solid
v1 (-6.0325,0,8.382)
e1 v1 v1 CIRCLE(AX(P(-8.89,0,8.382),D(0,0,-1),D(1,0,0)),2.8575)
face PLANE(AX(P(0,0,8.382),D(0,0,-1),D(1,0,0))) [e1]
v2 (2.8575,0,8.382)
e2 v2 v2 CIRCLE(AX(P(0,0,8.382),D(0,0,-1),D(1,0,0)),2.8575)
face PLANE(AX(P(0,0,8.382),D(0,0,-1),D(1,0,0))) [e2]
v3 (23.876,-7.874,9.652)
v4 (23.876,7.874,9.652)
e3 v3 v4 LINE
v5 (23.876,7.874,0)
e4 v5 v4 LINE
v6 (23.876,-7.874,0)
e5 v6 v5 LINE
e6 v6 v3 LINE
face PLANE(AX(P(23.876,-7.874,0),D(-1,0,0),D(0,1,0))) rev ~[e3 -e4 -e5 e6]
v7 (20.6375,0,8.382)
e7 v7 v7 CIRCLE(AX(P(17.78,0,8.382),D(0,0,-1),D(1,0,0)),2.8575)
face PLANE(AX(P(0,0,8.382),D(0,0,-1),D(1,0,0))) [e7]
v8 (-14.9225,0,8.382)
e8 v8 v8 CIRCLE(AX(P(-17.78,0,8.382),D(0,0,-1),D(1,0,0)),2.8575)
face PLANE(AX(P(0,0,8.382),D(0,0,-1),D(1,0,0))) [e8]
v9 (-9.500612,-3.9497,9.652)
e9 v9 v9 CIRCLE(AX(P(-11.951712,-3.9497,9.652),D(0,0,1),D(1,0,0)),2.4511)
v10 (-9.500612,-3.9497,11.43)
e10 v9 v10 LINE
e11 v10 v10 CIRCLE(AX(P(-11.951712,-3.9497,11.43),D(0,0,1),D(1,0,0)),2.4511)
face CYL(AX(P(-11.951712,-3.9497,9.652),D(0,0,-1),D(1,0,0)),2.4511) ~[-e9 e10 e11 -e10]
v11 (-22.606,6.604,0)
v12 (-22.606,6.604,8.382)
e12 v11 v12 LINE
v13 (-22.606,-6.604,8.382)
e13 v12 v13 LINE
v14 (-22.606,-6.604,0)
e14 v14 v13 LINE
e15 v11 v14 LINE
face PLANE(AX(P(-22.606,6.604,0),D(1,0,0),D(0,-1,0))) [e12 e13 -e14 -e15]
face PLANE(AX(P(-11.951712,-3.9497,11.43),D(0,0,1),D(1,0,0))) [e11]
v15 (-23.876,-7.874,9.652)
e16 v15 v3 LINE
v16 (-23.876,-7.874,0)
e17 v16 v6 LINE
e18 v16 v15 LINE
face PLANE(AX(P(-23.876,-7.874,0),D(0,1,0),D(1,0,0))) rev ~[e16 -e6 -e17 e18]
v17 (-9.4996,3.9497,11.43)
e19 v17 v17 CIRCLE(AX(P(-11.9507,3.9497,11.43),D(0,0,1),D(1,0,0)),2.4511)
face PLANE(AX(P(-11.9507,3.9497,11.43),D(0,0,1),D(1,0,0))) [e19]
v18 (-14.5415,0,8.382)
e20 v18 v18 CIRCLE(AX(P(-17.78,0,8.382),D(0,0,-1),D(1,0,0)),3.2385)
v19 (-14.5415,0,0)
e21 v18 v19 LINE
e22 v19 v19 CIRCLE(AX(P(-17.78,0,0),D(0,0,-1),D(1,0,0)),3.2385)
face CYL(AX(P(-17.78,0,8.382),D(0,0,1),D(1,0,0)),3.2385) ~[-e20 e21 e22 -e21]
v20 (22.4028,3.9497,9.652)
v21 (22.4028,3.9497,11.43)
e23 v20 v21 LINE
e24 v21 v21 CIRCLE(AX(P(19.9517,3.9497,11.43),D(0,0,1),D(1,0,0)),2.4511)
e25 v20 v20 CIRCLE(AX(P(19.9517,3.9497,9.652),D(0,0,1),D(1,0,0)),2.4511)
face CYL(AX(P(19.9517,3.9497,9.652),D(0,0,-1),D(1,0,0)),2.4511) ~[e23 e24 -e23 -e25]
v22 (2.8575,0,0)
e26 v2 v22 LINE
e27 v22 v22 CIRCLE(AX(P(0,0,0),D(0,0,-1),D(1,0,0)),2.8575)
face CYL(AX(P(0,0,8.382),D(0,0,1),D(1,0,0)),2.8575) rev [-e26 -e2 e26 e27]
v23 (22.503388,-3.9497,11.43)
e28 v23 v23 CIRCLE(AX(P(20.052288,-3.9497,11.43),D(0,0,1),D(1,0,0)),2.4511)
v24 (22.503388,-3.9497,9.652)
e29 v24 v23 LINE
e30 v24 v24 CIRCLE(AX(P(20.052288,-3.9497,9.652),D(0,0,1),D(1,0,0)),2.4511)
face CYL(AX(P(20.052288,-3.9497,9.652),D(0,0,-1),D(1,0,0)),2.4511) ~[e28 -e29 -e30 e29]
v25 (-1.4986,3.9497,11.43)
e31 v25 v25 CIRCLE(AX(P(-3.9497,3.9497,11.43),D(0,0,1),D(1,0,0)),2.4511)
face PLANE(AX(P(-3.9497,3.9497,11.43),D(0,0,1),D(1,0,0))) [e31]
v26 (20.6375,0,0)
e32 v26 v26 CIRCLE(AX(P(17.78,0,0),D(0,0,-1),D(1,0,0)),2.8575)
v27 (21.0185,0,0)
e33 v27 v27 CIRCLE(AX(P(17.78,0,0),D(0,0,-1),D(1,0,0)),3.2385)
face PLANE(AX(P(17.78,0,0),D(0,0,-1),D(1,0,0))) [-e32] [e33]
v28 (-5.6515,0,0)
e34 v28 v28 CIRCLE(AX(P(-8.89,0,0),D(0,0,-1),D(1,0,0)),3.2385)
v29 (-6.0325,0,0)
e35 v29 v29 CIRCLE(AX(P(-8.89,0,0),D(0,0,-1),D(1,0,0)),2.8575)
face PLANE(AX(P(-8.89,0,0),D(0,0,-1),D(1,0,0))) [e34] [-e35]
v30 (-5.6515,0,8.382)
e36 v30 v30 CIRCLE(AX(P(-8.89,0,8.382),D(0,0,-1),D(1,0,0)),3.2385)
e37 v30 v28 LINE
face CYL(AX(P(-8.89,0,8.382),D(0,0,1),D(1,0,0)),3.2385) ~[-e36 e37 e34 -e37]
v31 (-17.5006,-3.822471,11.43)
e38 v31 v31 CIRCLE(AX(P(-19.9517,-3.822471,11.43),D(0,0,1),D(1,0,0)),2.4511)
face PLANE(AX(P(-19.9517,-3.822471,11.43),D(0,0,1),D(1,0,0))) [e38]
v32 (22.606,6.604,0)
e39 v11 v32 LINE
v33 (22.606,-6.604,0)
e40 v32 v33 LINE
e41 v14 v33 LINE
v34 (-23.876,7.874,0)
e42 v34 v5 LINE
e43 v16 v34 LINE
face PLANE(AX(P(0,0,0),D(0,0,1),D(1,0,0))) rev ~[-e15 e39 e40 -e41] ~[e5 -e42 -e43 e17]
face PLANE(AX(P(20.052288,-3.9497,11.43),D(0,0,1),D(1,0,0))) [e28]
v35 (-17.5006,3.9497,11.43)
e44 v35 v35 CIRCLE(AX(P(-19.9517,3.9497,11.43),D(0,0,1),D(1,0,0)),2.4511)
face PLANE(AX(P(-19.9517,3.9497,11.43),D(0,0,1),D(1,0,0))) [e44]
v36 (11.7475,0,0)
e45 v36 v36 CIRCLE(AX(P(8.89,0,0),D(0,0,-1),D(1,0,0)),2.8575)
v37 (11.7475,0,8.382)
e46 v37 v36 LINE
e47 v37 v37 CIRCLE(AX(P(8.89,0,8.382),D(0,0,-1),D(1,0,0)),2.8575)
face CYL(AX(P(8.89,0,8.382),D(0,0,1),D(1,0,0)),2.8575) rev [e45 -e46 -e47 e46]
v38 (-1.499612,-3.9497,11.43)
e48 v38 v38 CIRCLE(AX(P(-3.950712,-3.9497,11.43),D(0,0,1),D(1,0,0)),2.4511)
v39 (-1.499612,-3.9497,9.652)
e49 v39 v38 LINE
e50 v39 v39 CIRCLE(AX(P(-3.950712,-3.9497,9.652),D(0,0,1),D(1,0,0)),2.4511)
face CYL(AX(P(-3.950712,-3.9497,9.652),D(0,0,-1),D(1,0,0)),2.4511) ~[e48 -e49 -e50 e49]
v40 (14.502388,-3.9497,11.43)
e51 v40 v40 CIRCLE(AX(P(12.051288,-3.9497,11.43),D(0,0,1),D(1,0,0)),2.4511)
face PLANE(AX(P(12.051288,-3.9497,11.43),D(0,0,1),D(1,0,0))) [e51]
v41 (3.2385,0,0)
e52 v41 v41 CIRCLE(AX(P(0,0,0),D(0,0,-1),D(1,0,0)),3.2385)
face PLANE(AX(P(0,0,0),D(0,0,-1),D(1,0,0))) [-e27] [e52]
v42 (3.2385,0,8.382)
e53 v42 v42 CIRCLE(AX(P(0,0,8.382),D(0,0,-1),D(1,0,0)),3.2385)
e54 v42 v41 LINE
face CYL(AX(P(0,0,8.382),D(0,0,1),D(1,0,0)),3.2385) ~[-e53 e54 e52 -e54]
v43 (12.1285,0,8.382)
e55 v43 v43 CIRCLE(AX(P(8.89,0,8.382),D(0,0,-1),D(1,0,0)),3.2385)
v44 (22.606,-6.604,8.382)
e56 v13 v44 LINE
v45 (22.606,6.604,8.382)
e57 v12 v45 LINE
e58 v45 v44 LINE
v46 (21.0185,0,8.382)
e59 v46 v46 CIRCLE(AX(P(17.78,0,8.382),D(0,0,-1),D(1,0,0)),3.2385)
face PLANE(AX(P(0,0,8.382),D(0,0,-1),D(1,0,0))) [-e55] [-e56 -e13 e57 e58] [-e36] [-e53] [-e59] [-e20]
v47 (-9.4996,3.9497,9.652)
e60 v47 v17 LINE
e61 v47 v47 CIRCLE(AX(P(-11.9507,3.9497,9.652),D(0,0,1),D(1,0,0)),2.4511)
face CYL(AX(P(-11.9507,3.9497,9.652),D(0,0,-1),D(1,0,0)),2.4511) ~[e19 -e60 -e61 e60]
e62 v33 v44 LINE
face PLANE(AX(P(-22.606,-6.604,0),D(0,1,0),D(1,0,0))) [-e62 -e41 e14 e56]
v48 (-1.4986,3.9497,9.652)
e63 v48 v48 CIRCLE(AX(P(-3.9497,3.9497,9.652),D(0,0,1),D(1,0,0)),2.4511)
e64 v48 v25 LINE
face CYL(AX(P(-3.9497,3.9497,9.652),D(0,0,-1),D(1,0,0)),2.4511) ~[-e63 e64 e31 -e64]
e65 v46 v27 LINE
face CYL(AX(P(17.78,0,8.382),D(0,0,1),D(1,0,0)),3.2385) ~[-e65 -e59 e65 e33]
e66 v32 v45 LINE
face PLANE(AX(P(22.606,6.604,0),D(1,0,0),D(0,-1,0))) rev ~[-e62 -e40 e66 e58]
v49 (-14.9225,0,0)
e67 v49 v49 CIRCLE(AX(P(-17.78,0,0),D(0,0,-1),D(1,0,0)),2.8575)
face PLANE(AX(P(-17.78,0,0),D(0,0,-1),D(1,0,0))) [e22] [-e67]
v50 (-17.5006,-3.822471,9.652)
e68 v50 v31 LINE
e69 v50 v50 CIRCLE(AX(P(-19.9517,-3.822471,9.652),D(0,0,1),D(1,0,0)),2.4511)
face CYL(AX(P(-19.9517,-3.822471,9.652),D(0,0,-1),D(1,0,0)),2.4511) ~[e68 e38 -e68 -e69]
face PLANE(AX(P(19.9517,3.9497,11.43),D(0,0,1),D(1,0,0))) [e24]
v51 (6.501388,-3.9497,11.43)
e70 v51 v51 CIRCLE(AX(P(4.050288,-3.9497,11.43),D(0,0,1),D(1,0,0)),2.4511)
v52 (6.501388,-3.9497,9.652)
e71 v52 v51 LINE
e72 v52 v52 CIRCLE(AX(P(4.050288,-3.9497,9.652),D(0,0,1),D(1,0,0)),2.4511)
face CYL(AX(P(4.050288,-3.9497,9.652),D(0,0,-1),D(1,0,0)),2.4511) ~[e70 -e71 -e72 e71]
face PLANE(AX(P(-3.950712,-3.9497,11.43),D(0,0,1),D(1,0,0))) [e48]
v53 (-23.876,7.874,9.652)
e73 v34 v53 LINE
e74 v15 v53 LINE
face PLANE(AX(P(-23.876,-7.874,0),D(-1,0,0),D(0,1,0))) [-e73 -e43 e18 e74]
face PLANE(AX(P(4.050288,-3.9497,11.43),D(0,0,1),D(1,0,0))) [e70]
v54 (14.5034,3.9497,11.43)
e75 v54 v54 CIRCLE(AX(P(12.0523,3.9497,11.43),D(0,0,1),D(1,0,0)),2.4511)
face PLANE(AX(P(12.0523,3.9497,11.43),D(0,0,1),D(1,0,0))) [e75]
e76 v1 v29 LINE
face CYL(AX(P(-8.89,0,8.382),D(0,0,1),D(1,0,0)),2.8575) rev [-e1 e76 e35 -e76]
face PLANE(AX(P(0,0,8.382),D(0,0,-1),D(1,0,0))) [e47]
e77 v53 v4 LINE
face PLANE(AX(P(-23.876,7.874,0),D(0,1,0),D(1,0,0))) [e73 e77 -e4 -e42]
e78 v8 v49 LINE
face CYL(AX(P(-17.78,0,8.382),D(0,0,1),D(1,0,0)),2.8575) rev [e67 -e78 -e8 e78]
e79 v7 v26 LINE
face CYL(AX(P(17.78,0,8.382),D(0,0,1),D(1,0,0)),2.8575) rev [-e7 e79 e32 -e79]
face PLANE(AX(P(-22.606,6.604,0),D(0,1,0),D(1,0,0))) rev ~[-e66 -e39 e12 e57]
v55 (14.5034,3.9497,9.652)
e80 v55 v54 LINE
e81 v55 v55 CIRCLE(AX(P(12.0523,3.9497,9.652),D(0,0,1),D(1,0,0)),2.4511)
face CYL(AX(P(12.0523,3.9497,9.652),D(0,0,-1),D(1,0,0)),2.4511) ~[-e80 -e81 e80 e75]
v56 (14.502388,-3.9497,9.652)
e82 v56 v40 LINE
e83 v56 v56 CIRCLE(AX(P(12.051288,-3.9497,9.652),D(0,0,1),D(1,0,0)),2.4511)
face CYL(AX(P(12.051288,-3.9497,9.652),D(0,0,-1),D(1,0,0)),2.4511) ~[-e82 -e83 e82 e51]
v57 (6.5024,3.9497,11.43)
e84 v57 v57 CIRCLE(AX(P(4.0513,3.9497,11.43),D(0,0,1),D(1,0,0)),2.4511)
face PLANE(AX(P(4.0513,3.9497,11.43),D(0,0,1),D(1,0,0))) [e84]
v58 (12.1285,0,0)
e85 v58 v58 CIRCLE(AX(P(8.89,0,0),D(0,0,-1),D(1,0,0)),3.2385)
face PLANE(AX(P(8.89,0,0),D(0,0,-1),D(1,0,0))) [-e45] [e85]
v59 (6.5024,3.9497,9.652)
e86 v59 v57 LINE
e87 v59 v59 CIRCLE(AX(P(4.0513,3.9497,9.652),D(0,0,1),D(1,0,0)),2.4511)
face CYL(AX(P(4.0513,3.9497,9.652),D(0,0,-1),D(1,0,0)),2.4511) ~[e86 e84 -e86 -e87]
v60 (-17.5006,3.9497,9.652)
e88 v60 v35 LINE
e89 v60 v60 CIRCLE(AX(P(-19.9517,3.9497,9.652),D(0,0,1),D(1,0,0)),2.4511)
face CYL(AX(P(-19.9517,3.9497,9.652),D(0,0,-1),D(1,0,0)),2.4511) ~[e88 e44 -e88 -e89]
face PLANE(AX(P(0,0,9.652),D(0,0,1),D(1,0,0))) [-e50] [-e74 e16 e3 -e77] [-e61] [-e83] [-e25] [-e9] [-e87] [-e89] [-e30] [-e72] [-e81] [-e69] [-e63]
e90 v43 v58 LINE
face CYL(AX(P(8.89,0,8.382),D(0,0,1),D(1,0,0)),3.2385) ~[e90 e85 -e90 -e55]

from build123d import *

# Parameters (mm, degrees)
F0_W     = 47.752
F0_H     = 15.748
F1_DEPTH = 9.652
F2_R     = 2.4511
F3_DEPTH = 1.778
F4_W     = 45.212
F4_H     = 13.208
F5_DEPTH = 8.382
F6_R     = 3.2385
F6_R_2   = 2.8575
F7_DEPTH = 8.382


with BuildPart() as f1:
    # F0 (on Top) → F1 (new body)
    with BuildSketch(Plane.XY):
        Rectangle(F0_W, F0_H)
    extrude(amount=F1_DEPTH)

    # F2 (on face) → F3 (join)
    with BuildSketch(Plane.XY.offset(9.652)):
        with Locations((-19.9517, 3.9497)):
            Circle(F2_R)
        with Locations((-11.9507, 3.9497)):
            Circle(F2_R)
        with Locations((-3.9497, 3.9497)):
            Circle(F2_R)
        with Locations((4.0513, 3.9497)):
            Circle(F2_R)
        with Locations((12.0523, 3.9497)):
            Circle(F2_R)
        with Locations((19.9517, 3.9497)):
            Circle(F2_R)
        with Locations((-11.951712, -3.9497)):
            Circle(F2_R)
        with Locations((-3.950712, -3.9497)):
            Circle(F2_R)
        with Locations((4.050288, -3.9497)):
            Circle(F2_R)
        with Locations((12.051288, -3.9497)):
            Circle(F2_R)
        with Locations((20.052288, -3.9497)):
            Circle(F2_R)
        with Locations((-19.9517, -3.822471)):
            Circle(F2_R)
    extrude(amount=F3_DEPTH)

    # F4 (on face) → F5 (cut)
    with BuildSketch(Plane(origin=(0, 0, 0), x_dir=(1, 0, 0), z_dir=(0, 0, -1))):
        Rectangle(F4_W, F4_H)
    extrude(amount=-F5_DEPTH, mode=Mode.SUBTRACT)

    # F6 (on face) → F7 (join)
    with BuildSketch(Plane(origin=(0, 0, 8.382), x_dir=(1, 0, 0), z_dir=(0, 0, -1))):
        with Locations((-17.78, 0)):
            Circle(F6_R)
        with Locations((-17.78, 0)):
            Circle(F6_R_2, mode=Mode.SUBTRACT)
        with Locations((-8.89, 0)):
            Circle(F6_R)
        with Locations((-8.89, 0)):
            Circle(F6_R_2, mode=Mode.SUBTRACT)
        Circle(F6_R)
        Circle(F6_R_2, mode=Mode.SUBTRACT)
        with Locations((8.89, 0)):
            Circle(F6_R)
        with Locations((8.89, 0)):
            Circle(F6_R_2, mode=Mode.SUBTRACT)
        with Locations((17.78, 0)):
            Circle(F6_R)
        with Locations((17.78, 0)):
            Circle(F6_R_2, mode=Mode.SUBTRACT)
    extrude(amount=F7_DEPTH)


solid = f1.part
